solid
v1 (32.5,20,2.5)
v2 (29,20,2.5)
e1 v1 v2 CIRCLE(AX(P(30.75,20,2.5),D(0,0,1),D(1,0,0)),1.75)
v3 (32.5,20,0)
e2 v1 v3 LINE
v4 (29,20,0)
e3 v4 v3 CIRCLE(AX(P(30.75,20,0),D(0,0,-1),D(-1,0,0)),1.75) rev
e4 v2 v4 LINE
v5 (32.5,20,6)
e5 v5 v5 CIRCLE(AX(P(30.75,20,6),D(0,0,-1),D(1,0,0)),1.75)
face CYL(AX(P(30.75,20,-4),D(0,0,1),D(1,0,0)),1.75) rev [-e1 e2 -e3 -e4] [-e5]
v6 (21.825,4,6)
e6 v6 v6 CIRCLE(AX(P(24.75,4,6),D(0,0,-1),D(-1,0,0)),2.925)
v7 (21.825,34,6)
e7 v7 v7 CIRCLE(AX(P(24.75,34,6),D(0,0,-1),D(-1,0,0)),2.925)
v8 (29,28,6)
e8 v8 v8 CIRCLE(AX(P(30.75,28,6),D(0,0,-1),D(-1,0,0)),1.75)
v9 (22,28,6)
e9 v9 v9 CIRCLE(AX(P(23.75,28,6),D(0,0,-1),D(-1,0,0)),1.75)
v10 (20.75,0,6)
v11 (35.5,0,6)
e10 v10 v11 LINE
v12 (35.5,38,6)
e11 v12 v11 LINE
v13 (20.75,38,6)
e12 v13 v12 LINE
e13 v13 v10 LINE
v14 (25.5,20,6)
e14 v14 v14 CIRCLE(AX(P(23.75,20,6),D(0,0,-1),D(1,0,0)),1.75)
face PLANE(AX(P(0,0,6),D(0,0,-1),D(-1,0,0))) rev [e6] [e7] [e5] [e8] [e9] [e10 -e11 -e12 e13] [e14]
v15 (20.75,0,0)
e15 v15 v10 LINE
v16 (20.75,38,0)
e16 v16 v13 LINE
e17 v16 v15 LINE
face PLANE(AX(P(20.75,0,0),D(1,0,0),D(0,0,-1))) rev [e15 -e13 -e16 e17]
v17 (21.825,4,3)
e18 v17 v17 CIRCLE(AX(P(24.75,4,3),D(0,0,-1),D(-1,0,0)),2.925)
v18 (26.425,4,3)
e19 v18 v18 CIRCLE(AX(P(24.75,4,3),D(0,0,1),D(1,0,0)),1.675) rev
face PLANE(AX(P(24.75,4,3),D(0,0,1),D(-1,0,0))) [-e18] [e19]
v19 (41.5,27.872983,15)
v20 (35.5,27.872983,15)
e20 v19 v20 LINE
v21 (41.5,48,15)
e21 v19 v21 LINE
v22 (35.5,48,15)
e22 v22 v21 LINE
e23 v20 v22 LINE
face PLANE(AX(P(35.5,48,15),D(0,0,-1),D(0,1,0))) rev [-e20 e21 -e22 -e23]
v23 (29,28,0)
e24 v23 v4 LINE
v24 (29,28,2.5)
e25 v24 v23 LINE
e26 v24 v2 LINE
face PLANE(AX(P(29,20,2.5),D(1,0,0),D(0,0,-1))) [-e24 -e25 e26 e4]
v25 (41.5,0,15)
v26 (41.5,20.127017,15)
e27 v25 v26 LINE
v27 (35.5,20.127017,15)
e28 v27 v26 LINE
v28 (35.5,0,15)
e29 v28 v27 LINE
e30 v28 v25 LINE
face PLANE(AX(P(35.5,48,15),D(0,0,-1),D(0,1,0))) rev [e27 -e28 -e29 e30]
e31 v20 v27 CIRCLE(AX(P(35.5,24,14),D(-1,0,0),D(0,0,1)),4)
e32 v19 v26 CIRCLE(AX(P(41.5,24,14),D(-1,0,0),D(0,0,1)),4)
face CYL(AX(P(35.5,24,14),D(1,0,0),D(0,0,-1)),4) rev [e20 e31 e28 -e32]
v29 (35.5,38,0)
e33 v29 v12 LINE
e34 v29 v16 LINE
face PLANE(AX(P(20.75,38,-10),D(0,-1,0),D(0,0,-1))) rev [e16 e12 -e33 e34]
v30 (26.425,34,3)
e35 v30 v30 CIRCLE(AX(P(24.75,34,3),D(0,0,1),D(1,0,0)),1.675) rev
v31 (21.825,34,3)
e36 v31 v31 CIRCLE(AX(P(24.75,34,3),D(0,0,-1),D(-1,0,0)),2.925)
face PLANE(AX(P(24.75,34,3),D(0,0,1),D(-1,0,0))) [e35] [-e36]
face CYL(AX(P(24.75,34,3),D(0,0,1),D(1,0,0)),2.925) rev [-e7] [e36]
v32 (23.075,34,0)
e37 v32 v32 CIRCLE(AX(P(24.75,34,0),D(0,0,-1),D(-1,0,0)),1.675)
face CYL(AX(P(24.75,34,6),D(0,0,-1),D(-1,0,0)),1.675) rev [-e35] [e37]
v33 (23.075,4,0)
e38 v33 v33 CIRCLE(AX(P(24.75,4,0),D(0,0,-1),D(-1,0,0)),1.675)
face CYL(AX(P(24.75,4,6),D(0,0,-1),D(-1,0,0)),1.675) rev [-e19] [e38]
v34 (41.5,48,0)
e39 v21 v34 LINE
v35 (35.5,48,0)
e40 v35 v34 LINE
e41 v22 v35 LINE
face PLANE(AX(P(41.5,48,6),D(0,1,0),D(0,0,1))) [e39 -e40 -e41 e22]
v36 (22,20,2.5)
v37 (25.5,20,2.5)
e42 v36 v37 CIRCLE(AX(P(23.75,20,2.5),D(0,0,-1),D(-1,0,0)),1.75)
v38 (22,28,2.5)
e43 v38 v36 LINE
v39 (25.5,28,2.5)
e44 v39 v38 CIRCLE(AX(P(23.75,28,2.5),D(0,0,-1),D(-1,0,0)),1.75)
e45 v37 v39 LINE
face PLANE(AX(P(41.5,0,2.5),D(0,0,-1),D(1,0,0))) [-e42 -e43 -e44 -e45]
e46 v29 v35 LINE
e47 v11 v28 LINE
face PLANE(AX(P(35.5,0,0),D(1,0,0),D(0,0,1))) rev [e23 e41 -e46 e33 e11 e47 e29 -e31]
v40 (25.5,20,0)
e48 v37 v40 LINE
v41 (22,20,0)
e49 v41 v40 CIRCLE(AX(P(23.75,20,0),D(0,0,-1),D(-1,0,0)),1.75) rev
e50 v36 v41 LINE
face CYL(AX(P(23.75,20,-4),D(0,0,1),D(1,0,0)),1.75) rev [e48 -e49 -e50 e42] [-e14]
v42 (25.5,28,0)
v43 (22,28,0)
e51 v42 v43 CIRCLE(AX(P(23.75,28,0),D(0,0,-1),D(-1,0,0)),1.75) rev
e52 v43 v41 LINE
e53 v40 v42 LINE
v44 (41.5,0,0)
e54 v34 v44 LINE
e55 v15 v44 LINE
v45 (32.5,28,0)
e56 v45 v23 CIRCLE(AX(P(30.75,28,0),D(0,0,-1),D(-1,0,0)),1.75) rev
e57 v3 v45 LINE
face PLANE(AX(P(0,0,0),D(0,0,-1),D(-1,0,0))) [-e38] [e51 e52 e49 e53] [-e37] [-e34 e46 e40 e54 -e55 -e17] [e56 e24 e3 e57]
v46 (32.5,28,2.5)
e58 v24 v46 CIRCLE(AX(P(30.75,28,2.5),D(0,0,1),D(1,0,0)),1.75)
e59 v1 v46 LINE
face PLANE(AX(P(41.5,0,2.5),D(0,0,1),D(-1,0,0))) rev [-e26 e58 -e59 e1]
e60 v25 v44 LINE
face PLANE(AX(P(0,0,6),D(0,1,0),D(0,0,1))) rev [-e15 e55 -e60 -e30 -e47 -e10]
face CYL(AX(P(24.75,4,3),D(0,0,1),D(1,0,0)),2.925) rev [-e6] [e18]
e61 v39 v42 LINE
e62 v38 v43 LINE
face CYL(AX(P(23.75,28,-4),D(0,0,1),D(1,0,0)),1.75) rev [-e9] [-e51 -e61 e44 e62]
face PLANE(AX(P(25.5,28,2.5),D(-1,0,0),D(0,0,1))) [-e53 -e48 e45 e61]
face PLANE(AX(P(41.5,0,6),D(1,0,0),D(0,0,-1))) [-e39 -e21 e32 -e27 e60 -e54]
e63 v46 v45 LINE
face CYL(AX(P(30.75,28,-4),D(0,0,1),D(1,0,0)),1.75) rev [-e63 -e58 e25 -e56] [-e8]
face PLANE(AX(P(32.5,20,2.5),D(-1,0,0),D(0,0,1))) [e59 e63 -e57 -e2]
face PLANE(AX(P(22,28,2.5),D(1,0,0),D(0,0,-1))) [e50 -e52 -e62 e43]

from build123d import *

# Parameters (mm, degrees)
SKETCH1_W           = 20.75
SKETCH1_H           = 48
SKETCH1_R           = 1.675
BOSS_EXTRUDE1_DEPTH = 6
SKETCH2_W           = 15
SKETCH2_H           = 48
BOSS_EXTRUDE2_DEPTH = 6
SKETCH3_R           = 4
CUT_EXTRUDE1_DEPTH  = 6
SKETCH5_R           = 2.925
CUT_EXTRUDE2_DEPTH  = 3
SKETCH6_R           = 1.75
CUT_EXTRUDE3_DEPTH  = 10
SKETCH7_W           = 3.5
SKETCH7_H           = 8
CUT_EXTRUDE4_DEPTH  = 2.5
SKETCH8_W           = 14.75
SKETCH8_H           = 10
CUT_EXTRUDE5_DEPTH  = 16
SKETCH9_W           = 15
SKETCH9_H           = 48
CUT_EXTRUDE6_DEPTH  = 20.75


with BuildPart() as part:
    # Sketch1 → Boss-Extrude1 (new body)
    with BuildSketch(Plane.XY):
        with Locations((10.375, 24)):
            Rectangle(SKETCH1_W, SKETCH1_H)
        with Locations((16.75, 34)):
            Circle(SKETCH1_R, mode=Mode.SUBTRACT)
        with Locations((16.75, 4)):
            Circle(SKETCH1_R, mode=Mode.SUBTRACT)
    boss_extrude1 = extrude(amount=BOSS_EXTRUDE1_DEPTH)

    # Sketch2 → Boss-Extrude2 (add)
    with BuildSketch(Plane.ZY):
        with Locations((7.5, 24)):
            Rectangle(SKETCH2_W, SKETCH2_H)
    boss_extrude2 = extrude(amount=-BOSS_EXTRUDE2_DEPTH)

    # Sketch3 → Cut-Extrude1 (cut)
    with BuildSketch(Plane.ZY):
        with Locations((14, 24)):
            Circle(SKETCH3_R)
    cut_extrude1 = extrude(amount=-CUT_EXTRUDE1_DEPTH, mode=Mode.SUBTRACT)

    # Sketch5 → Cut-Extrude2 (cut)
    with BuildSketch(Plane.XY.offset(6)):
        with Locations((16.75, 34)):
            Circle(SKETCH5_R)
        with Locations((16.75, 4)):
            Circle(SKETCH5_R)
    cut_extrude2 = extrude(amount=-CUT_EXTRUDE2_DEPTH, mode=Mode.SUBTRACT)

    # Sketch6 → Cut-Extrude3 (cut)
    with BuildSketch(Plane.XY.offset(6)):
        with Locations((10.75, 28)):
            Circle(SKETCH6_R)
        with Locations((17.75, 28)):
            Circle(SKETCH6_R)
        with Locations(Location((10.75, 20, 0), (0, 0, 180))):
            Circle(SKETCH6_R)
        with Locations(Location((17.75, 20, 0), (0, 0, 180))):
            Circle(SKETCH6_R)
    cut_extrude3 = extrude(amount=-CUT_EXTRUDE3_DEPTH, mode=Mode.SUBTRACT)

    # Sketch7 → Cut-Extrude4 (cut)
    with BuildSketch(Plane(origin=(0, 0, 0), x_dir=(-1, 0, 0), z_dir=(0, 0, -1))):
        with Locations((-17.75, 24)):
            Rectangle(SKETCH7_W, SKETCH7_H)
        with Locations((-10.75, 24)):
            Rectangle(SKETCH7_W, SKETCH7_H)
    cut_extrude4 = extrude(amount=-CUT_EXTRUDE4_DEPTH, mode=Mode.SUBTRACT)

    # Sketch8 → Cut-Extrude5 (cut)
    with BuildSketch(Plane.XY.offset(6)):
        with Locations((13.375, 43)):
            Rectangle(SKETCH8_W, SKETCH8_H)
    cut_extrude5 = extrude(amount=-CUT_EXTRUDE5_DEPTH, mode=Mode.SUBTRACT)

    # Mirror3: Boss-Extrude1, Boss-Extrude2, Cut-Extrude1, Cut-Extrude2, Cut-Extrude3, Cut-Extrude4, Cut-Extrude5 across plane
    add(boss_extrude1.mirror(Plane(origin=(20.75, 0, 6), x_dir=(0, 0, 1), z_dir=(-1, 0, 0))))
    add(boss_extrude2.mirror(Plane(origin=(20.75, 0, 6), x_dir=(0, 0, 1), z_dir=(-1, 0, 0))))
    add(cut_extrude1.mirror(Plane(origin=(20.75, 0, 6), x_dir=(0, 0, 1), z_dir=(-1, 0, 0))), mode=Mode.SUBTRACT)
    add(cut_extrude2.mirror(Plane(origin=(20.75, 0, 6), x_dir=(0, 0, 1), z_dir=(-1, 0, 0))), mode=Mode.SUBTRACT)
    add(cut_extrude3.mirror(Plane(origin=(20.75, 0, 6), x_dir=(0, 0, 1), z_dir=(-1, 0, 0))), mode=Mode.SUBTRACT)
    add(cut_extrude4.mirror(Plane(origin=(20.75, 0, 6), x_dir=(0, 0, 1), z_dir=(-1, 0, 0))), mode=Mode.SUBTRACT)
    add(cut_extrude5.mirror(Plane(origin=(20.75, 0, 6), x_dir=(0, 0, 1), z_dir=(-1, 0, 0))), mode=Mode.SUBTRACT)

    # Sketch9 → Cut-Extrude6 (cut)
    with BuildSketch(Plane.ZY):
        with Locations((7.5, 24)):
            Rectangle(SKETCH9_W, SKETCH9_H)
    extrude(amount=-CUT_EXTRUDE6_DEPTH, mode=Mode.SUBTRACT)


solid = part.part
